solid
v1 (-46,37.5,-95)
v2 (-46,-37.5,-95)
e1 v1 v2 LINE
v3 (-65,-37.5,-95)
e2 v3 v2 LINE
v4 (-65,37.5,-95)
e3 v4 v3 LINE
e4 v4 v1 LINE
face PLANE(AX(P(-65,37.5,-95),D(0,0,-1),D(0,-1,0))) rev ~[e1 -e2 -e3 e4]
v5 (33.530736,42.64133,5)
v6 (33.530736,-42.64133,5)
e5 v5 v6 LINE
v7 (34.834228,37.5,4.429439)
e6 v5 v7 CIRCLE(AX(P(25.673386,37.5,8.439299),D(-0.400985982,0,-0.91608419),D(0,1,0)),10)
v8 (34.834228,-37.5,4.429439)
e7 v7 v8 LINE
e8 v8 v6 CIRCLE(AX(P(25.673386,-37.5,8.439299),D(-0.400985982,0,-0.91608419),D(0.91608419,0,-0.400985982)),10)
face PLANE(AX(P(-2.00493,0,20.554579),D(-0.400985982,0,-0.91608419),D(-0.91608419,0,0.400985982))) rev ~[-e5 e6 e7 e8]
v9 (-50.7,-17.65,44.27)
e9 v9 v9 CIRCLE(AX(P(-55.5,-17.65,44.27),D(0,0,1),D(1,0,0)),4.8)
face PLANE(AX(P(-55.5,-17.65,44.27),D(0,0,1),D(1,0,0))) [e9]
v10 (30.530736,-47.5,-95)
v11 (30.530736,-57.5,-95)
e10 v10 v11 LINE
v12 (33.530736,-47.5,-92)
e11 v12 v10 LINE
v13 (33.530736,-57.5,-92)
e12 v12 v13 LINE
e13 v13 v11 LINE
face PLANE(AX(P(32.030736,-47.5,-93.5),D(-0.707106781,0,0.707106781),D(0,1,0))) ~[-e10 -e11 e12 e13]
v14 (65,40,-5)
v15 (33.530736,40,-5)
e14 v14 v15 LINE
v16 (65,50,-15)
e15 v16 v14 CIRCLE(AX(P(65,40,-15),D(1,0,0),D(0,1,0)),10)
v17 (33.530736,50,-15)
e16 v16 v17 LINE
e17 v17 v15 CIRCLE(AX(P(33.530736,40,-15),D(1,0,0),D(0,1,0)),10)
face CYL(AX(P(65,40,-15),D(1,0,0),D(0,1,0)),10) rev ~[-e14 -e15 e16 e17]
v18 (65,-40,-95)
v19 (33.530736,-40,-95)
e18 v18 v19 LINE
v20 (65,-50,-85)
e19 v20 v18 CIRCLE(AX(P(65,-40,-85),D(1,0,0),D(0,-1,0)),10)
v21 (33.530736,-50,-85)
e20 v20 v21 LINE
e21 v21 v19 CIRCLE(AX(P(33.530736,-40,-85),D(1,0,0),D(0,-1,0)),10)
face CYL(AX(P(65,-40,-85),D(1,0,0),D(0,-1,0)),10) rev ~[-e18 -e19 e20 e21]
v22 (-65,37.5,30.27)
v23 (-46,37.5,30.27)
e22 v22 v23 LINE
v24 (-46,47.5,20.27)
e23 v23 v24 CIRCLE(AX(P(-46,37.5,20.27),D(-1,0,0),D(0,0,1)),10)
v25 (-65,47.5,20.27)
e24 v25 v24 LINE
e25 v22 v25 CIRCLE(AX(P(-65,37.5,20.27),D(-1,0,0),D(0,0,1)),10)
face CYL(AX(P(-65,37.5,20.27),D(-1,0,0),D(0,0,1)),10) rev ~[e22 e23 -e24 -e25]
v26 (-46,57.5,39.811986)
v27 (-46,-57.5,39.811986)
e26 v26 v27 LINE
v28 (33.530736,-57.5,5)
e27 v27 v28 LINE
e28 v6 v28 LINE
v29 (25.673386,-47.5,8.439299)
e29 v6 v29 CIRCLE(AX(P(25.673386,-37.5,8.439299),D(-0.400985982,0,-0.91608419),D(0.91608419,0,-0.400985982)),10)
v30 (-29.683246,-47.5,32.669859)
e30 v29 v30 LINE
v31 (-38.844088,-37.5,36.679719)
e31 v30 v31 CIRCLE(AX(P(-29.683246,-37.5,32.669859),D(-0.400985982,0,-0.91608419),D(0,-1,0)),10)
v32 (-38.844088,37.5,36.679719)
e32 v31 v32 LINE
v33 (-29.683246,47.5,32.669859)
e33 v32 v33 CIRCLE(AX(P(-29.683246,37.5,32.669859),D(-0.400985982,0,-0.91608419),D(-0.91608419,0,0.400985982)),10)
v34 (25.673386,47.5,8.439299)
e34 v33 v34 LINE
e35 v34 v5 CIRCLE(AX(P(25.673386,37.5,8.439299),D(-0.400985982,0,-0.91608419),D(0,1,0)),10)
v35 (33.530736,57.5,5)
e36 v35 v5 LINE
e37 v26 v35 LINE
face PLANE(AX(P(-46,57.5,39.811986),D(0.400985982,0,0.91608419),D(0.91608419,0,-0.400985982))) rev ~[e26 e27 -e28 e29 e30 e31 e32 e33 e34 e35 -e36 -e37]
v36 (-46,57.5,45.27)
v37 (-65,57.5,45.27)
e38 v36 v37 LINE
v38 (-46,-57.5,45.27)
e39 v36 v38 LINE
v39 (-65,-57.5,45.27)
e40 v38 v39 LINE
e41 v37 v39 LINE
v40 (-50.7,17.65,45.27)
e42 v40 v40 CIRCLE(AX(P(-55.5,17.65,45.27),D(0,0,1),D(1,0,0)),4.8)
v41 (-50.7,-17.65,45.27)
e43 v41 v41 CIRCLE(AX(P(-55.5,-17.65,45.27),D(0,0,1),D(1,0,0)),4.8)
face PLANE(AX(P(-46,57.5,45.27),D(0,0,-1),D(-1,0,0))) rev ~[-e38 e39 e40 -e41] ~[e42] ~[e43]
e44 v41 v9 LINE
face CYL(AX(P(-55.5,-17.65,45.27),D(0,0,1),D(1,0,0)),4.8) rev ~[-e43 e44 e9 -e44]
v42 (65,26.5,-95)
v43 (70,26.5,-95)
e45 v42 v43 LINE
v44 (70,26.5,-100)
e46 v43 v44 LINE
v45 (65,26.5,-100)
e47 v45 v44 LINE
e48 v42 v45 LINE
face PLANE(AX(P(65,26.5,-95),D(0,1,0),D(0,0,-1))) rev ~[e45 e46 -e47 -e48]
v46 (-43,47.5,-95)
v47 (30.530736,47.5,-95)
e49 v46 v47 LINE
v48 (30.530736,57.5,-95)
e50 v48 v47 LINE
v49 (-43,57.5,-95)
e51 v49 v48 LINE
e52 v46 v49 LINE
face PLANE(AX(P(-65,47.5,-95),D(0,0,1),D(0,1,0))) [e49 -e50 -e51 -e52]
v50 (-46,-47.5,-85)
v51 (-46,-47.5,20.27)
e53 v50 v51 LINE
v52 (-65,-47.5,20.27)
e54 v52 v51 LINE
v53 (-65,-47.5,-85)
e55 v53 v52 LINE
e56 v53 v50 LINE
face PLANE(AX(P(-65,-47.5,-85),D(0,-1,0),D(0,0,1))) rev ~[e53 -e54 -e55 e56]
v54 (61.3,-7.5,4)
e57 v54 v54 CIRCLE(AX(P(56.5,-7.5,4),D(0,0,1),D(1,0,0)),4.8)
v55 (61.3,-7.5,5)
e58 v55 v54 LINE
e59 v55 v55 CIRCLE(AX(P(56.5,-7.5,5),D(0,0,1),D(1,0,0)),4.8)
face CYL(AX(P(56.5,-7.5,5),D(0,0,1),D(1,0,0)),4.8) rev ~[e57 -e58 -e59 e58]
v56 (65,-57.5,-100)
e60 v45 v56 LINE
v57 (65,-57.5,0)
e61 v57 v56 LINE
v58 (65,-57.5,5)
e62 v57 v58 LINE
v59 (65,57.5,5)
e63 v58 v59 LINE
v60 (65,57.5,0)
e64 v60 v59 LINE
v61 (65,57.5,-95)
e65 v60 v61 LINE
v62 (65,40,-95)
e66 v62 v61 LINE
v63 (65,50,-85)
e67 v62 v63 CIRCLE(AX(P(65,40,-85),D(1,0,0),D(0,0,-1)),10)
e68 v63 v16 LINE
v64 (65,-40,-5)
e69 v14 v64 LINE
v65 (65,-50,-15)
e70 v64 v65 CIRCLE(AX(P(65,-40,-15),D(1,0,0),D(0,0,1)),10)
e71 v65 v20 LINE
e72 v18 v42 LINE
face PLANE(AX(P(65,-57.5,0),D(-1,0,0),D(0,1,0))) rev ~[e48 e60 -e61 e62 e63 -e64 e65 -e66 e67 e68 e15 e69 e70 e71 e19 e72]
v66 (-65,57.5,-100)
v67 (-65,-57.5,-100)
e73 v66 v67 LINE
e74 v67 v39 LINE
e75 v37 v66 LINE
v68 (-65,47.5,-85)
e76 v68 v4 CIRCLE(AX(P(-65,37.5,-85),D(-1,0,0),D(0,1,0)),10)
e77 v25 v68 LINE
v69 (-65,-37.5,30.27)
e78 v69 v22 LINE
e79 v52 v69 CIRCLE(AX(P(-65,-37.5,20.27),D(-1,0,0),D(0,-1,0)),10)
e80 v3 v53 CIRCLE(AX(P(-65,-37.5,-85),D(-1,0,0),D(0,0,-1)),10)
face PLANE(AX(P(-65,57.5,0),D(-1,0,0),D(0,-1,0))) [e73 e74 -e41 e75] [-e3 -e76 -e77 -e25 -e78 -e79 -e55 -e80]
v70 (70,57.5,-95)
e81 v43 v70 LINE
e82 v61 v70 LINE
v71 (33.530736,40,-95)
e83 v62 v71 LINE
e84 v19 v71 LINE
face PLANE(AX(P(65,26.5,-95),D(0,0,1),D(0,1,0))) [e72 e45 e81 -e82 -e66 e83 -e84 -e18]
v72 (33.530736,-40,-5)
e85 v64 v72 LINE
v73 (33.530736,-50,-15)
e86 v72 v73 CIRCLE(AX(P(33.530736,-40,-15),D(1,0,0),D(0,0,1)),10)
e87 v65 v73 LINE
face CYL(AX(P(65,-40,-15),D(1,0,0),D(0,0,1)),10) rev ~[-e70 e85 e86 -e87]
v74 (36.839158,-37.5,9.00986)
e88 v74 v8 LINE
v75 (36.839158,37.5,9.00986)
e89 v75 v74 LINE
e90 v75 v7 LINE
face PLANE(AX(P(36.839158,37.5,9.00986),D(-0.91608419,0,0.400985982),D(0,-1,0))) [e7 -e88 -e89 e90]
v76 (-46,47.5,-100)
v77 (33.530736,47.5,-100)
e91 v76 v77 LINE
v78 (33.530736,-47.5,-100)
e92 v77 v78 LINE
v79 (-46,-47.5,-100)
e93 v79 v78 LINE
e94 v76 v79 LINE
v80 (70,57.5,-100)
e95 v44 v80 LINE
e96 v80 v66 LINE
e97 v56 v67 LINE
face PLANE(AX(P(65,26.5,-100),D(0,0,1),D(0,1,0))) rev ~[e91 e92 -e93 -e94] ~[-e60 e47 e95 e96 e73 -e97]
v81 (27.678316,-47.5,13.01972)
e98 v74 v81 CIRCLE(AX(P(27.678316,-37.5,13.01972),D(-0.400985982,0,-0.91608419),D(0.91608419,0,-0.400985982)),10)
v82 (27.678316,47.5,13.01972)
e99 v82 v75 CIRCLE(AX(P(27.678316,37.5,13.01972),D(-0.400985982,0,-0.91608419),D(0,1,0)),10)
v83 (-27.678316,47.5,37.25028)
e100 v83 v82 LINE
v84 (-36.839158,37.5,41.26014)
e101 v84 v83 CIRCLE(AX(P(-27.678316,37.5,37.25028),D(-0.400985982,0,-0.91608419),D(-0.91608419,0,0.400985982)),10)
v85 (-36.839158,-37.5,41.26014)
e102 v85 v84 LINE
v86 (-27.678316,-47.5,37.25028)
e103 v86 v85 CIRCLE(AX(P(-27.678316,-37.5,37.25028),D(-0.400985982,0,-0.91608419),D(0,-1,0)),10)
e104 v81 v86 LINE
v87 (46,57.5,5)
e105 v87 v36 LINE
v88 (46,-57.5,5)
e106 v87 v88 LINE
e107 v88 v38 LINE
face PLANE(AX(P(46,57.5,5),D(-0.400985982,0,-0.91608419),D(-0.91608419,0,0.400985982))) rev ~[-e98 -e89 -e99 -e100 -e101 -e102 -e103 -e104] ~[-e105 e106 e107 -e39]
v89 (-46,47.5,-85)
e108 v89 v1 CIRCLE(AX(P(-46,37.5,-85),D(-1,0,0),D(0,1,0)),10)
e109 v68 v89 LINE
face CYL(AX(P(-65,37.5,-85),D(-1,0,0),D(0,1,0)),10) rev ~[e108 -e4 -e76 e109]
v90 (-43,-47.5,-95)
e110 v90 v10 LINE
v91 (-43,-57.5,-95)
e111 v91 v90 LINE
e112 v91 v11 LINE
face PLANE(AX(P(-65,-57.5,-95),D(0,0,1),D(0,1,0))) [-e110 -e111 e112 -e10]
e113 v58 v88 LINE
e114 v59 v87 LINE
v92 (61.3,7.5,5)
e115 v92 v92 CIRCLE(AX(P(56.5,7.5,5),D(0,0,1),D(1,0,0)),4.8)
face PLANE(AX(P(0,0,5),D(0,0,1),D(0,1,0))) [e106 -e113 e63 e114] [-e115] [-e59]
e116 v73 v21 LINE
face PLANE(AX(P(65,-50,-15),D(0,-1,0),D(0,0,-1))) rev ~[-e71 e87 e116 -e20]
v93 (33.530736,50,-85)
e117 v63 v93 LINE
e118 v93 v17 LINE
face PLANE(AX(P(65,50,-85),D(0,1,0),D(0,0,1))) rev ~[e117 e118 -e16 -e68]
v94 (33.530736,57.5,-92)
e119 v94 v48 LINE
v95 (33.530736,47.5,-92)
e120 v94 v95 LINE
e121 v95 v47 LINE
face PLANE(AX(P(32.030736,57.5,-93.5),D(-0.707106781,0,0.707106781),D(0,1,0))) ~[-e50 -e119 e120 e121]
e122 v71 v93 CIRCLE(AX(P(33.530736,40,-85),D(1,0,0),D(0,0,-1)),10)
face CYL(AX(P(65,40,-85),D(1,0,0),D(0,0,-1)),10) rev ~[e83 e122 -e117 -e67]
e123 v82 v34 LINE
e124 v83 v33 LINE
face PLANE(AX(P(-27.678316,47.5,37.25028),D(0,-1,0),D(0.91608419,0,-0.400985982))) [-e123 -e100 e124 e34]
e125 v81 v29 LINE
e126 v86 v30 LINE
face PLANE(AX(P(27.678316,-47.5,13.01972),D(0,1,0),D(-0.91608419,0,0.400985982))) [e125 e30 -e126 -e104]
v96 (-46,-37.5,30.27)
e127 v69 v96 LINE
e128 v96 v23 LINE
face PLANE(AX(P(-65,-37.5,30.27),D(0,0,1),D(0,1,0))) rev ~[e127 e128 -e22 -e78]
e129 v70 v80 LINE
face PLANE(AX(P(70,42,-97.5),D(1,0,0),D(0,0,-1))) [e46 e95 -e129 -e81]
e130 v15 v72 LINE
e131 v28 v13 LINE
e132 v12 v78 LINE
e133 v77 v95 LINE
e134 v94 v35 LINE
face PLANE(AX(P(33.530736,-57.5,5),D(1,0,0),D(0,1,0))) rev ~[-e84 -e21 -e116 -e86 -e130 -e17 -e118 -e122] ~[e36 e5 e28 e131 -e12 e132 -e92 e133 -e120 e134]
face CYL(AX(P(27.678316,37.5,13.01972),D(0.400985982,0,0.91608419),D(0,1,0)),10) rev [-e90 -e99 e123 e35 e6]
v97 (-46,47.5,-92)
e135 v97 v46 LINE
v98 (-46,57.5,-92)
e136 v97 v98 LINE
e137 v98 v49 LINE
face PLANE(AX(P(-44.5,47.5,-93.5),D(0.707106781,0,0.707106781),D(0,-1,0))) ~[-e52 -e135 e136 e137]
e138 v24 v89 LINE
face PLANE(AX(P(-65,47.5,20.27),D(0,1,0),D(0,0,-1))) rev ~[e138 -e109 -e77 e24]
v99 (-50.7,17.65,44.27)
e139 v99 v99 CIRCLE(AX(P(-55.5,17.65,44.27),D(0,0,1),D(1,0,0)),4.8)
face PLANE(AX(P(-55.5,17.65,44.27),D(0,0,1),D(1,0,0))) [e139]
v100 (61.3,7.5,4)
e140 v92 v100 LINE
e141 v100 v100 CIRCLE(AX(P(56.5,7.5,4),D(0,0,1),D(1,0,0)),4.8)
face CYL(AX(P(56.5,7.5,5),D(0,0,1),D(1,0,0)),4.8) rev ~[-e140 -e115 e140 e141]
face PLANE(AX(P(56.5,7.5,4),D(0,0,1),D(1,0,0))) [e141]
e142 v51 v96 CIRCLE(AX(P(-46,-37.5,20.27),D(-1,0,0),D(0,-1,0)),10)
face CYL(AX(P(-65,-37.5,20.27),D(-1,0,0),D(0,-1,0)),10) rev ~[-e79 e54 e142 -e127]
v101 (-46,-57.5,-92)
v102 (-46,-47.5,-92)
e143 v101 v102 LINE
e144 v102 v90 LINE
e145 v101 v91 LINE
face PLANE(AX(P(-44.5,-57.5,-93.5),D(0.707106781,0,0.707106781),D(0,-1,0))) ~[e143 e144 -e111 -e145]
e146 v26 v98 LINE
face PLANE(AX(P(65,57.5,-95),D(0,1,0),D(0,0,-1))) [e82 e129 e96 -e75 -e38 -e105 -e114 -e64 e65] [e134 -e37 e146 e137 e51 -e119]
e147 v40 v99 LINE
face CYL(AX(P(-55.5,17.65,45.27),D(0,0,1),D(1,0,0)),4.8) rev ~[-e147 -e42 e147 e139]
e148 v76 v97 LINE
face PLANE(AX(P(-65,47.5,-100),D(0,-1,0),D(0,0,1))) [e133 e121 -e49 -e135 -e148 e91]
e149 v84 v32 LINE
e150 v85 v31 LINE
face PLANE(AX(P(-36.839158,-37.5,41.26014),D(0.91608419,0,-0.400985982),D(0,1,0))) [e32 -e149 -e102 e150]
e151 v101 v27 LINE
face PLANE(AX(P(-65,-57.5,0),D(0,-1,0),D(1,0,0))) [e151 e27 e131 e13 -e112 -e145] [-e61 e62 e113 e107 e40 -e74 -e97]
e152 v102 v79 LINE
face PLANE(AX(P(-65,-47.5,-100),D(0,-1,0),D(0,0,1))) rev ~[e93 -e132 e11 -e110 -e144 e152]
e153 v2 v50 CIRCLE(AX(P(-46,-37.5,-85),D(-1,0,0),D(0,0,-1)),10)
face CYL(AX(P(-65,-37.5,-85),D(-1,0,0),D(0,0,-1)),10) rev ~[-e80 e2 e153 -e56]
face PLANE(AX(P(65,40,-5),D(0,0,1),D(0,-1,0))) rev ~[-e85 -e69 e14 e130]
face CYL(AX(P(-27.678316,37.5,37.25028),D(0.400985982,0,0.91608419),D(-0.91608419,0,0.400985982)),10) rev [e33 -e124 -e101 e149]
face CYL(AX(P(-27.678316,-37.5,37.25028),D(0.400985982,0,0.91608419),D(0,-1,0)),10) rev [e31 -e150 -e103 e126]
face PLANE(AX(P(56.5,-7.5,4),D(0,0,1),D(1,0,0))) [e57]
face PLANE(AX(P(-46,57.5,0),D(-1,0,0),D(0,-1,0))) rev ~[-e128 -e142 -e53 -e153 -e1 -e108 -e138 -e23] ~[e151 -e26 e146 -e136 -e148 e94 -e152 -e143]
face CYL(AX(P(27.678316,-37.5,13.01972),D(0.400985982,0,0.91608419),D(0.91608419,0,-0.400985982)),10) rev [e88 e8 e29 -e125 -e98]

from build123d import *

# Parameters (mm, degrees)
SKETCH2_W           = 115
SKETCH2_H           = 130
SKETCH2_R           = 4.8
BOSS_EXTRUDE1_DEPTH = 5
BOSS_EXTRUDE2_DEPTH = 115
SKETCH4_W           = 98.530736165
SKETCH4_H           = 115
CUT_EXTRUDE1_DEPTH  = 5
SKETCH5_R           = 4.8
CUT_EXTRUDE2_DEPTH  = 1
SKETCH6_R           = 4.8
CUT_EXTRUDE4_DEPTH  = 1
SKETCH7_W           = 19
SKETCH7_H           = 115
BOSS_EXTRUDE3_DEPTH = 39.811986363
SKETCH8_W           = 19
SKETCH8_H           = 115
SKETCH8_W_2         = 31.469263835
BOSS_EXTRUDE4_DEPTH = 100
CUT_EXTRUDE5_DEPTH  = 19
CUT_EXTRUDE6_DEPTH  = 31.469263835
CUT_EXTRUDE7_DEPTH  = 5
SKETCH12_W          = 5
SKETCH12_H          = 10
BOSS_EXTRUDE5_DEPTH = 100
CHAMFER1_SIZE       = 3
SKETCH13_W          = 5
SKETCH13_H          = 31
BOSS_EXTRUDE6_DEPTH = 5


with BuildPart() as part:
    # Sketch2 → Boss-Extrude1 (new body)
    with BuildSketch(Plane(origin=(0, 0, 0), x_dir=(0, 1, 0), z_dir=(0, 0, 1))):
        Rectangle(SKETCH2_W, SKETCH2_H)
        with Locations(Location((-18.09, -55.5, 0), (0, 0, 270))):
            Circle(SKETCH2_R, mode=Mode.SUBTRACT)
        with Locations(Location((18.08, -55.5, 0), (0, 0, 270))):
            Circle(SKETCH2_R, mode=Mode.SUBTRACT)
    extrude(amount=BOSS_EXTRUDE1_DEPTH)

    # Sketch3 → Boss-Extrude2 (add)
    with BuildSketch(Plane(origin=(0, 57.5, 0), x_dir=(-1, 0, 0), z_dir=(0, 1, 0))):
        Polygon((-65, 5), (-46, 5), (46, 45.27), (65, 45.27), (65, 39.811986363), (46, 39.811986363), (-33.530736165, 5), (-33.530736165, 0), (-65, 0), align=None)
    extrude(amount=-BOSS_EXTRUDE2_DEPTH)

    # Sketch4 → Cut-Extrude1 (cut)
    with BuildSketch(Plane.XY.offset(5)):
        with Locations((-15.734631917, 0)):
            Rectangle(SKETCH4_W, SKETCH4_H)
    extrude(amount=-CUT_EXTRUDE1_DEPTH, mode=Mode.SUBTRACT)

    # Sketch5 → Cut-Extrude2 (cut)
    with BuildSketch(Plane.XY.offset(5)):
        with Locations((56.5, 7.5)):
            Circle(SKETCH5_R)
        with Locations((56.5, -7.5)):
            Circle(SKETCH5_R)
    extrude(amount=-CUT_EXTRUDE2_DEPTH, mode=Mode.SUBTRACT)

    # Sketch6 → Cut-Extrude4 (cut)
    with BuildSketch(Plane.XY.offset(45.27)):
        with Locations((-55.5, 17.65)):
            Circle(SKETCH6_R)
        with Locations((-55.5, -17.65)):
            Circle(SKETCH6_R)
    extrude(amount=-CUT_EXTRUDE4_DEPTH, mode=Mode.SUBTRACT)

    # Sketch7 → Boss-Extrude3 (add)
    with BuildSketch(Plane(origin=(0, 0, 39.811986363), x_dir=(1, 0, 0), z_dir=(0, 0, -1))):
        with Locations((-55.5, 0)):
            Rectangle(SKETCH7_W, SKETCH7_H)
    extrude(amount=BOSS_EXTRUDE3_DEPTH)

    # Sketch8 → Boss-Extrude4 (add)
    with BuildSketch(Plane(origin=(0, 0, 0), x_dir=(1, 0, 0), z_dir=(0, 0, -1))):
        with Locations((-55.5, 0)):
            Rectangle(SKETCH8_W, SKETCH8_H)
        with Locations((49.265368083, 0)):
            Rectangle(SKETCH8_W_2, SKETCH8_H)
    extrude(amount=BOSS_EXTRUDE4_DEPTH)

    # Sketch9 → Cut-Extrude5 (cut)
    with BuildSketch(Plane(origin=(-65, 0, 0), x_dir=(0, -1, 0), z_dir=(-1, 0, 0))):
        with BuildLine():
            Line((-37.5, -95), (37.5, -95))
            ThreePointArc((37.5, -95), (44.571067812, -92.071067812), (47.5, -85))
            Line((47.5, -85), (47.5, 20.27))
            ThreePointArc((47.5, 20.27), (44.571067812, 27.341067812), (37.5, 30.27))
            Line((37.5, 30.27), (-37.5, 30.27))
            ThreePointArc((-37.5, 30.27), (-44.571067812, 27.341067812), (-47.5, 20.27))
            Line((-47.5, 20.27), (-47.5, -85))
            ThreePointArc((-47.5, -85), (-44.571067812, -92.071067812), (-37.5, -95))
        make_face()
    extrude(amount=-CUT_EXTRUDE5_DEPTH, mode=Mode.SUBTRACT)

    # Sketch10 → Cut-Extrude6 (cut)
    with BuildSketch(Plane.YZ.offset(65)):
        with BuildLine():
            Line((-40, -95), (40, -95))
            ThreePointArc((40, -95), (47.071067812, -92.071067812), (50, -85))
            Line((50, -85), (50, -15))
            ThreePointArc((50, -15), (47.071067812, -7.928932188), (40, -5))
            Line((40, -5), (-40, -5))
            ThreePointArc((-40, -5), (-47.071067812, -7.928932188), (-50, -15))
            Line((-50, -15), (-50, -85))
            ThreePointArc((-50, -85), (-47.071067812, -92.071067812), (-40, -95))
        make_face()
    extrude(amount=-CUT_EXTRUDE6_DEPTH, mode=Mode.SUBTRACT)

    # Sketch11 → Cut-Extrude7 (cut)
    with BuildSketch(Plane(origin=(9.233013436, 0, 21.093549445), x_dir=(0.9160841896254345, 0, -0.4009859816980028), z_dir=(0.4009859816980028, 0, 0.9160841896254345))):
        with BuildLine():
            Line((-40.292508114, 47.5), (20.134942814, 47.5))
            ThreePointArc((20.134942814, 47.5), (27.206010626, 44.571067812), (30.134942814, 37.5))
            Line((30.134942814, 37.5), (30.134942814, -37.5))
            ThreePointArc((30.134942814, -37.5), (27.206010626, -44.571067812), (20.134942814, -47.5))
            Line((20.134942814, -47.5), (-40.292508114, -47.5))
            ThreePointArc((-40.292508114, -47.5), (-47.363575926, -44.571067812), (-50.292508114, -37.5))
            Line((-50.292508114, -37.5), (-50.292508114, 37.5))
            ThreePointArc((-50.292508114, 37.5), (-47.363575926, 44.571067812), (-40.292508114, 47.5))
        make_face()
    extrude(amount=-CUT_EXTRUDE7_DEPTH, mode=Mode.SUBTRACT)

    # Sketch12 → Boss-Extrude5 (add)
    with BuildSketch(Plane.ZY.offset(65)):
        with Locations((-97.5, 52.5)):
            Rectangle(SKETCH12_W, SKETCH12_H)
        with Locations((-97.5, -52.5)):
            Rectangle(SKETCH12_W, SKETCH12_H)
    extrude(amount=-BOSS_EXTRUDE5_DEPTH)

    # Chamfer1
    chamfer1_edges = [part.edges().sort_by_distance(p)[0] for p in [
        (-46, 52.5, -95),
        (33.530736165, 52.5, -95),
        (-46, -52.5, -95),
        (33.530736165, -52.5, -95),
    ]]
    chamfer(chamfer1_edges, length=CHAMFER1_SIZE)

    # Sketch13 → Boss-Extrude6 (add)
    with BuildSketch(Plane(origin=(65, 0, 0), x_dir=(0, 0, -1), z_dir=(1, 0, 0))):
        with Locations((97.5, 42)):
            Rectangle(SKETCH13_W, SKETCH13_H)
    extrude(amount=BOSS_EXTRUDE6_DEPTH)


solid = part.part
